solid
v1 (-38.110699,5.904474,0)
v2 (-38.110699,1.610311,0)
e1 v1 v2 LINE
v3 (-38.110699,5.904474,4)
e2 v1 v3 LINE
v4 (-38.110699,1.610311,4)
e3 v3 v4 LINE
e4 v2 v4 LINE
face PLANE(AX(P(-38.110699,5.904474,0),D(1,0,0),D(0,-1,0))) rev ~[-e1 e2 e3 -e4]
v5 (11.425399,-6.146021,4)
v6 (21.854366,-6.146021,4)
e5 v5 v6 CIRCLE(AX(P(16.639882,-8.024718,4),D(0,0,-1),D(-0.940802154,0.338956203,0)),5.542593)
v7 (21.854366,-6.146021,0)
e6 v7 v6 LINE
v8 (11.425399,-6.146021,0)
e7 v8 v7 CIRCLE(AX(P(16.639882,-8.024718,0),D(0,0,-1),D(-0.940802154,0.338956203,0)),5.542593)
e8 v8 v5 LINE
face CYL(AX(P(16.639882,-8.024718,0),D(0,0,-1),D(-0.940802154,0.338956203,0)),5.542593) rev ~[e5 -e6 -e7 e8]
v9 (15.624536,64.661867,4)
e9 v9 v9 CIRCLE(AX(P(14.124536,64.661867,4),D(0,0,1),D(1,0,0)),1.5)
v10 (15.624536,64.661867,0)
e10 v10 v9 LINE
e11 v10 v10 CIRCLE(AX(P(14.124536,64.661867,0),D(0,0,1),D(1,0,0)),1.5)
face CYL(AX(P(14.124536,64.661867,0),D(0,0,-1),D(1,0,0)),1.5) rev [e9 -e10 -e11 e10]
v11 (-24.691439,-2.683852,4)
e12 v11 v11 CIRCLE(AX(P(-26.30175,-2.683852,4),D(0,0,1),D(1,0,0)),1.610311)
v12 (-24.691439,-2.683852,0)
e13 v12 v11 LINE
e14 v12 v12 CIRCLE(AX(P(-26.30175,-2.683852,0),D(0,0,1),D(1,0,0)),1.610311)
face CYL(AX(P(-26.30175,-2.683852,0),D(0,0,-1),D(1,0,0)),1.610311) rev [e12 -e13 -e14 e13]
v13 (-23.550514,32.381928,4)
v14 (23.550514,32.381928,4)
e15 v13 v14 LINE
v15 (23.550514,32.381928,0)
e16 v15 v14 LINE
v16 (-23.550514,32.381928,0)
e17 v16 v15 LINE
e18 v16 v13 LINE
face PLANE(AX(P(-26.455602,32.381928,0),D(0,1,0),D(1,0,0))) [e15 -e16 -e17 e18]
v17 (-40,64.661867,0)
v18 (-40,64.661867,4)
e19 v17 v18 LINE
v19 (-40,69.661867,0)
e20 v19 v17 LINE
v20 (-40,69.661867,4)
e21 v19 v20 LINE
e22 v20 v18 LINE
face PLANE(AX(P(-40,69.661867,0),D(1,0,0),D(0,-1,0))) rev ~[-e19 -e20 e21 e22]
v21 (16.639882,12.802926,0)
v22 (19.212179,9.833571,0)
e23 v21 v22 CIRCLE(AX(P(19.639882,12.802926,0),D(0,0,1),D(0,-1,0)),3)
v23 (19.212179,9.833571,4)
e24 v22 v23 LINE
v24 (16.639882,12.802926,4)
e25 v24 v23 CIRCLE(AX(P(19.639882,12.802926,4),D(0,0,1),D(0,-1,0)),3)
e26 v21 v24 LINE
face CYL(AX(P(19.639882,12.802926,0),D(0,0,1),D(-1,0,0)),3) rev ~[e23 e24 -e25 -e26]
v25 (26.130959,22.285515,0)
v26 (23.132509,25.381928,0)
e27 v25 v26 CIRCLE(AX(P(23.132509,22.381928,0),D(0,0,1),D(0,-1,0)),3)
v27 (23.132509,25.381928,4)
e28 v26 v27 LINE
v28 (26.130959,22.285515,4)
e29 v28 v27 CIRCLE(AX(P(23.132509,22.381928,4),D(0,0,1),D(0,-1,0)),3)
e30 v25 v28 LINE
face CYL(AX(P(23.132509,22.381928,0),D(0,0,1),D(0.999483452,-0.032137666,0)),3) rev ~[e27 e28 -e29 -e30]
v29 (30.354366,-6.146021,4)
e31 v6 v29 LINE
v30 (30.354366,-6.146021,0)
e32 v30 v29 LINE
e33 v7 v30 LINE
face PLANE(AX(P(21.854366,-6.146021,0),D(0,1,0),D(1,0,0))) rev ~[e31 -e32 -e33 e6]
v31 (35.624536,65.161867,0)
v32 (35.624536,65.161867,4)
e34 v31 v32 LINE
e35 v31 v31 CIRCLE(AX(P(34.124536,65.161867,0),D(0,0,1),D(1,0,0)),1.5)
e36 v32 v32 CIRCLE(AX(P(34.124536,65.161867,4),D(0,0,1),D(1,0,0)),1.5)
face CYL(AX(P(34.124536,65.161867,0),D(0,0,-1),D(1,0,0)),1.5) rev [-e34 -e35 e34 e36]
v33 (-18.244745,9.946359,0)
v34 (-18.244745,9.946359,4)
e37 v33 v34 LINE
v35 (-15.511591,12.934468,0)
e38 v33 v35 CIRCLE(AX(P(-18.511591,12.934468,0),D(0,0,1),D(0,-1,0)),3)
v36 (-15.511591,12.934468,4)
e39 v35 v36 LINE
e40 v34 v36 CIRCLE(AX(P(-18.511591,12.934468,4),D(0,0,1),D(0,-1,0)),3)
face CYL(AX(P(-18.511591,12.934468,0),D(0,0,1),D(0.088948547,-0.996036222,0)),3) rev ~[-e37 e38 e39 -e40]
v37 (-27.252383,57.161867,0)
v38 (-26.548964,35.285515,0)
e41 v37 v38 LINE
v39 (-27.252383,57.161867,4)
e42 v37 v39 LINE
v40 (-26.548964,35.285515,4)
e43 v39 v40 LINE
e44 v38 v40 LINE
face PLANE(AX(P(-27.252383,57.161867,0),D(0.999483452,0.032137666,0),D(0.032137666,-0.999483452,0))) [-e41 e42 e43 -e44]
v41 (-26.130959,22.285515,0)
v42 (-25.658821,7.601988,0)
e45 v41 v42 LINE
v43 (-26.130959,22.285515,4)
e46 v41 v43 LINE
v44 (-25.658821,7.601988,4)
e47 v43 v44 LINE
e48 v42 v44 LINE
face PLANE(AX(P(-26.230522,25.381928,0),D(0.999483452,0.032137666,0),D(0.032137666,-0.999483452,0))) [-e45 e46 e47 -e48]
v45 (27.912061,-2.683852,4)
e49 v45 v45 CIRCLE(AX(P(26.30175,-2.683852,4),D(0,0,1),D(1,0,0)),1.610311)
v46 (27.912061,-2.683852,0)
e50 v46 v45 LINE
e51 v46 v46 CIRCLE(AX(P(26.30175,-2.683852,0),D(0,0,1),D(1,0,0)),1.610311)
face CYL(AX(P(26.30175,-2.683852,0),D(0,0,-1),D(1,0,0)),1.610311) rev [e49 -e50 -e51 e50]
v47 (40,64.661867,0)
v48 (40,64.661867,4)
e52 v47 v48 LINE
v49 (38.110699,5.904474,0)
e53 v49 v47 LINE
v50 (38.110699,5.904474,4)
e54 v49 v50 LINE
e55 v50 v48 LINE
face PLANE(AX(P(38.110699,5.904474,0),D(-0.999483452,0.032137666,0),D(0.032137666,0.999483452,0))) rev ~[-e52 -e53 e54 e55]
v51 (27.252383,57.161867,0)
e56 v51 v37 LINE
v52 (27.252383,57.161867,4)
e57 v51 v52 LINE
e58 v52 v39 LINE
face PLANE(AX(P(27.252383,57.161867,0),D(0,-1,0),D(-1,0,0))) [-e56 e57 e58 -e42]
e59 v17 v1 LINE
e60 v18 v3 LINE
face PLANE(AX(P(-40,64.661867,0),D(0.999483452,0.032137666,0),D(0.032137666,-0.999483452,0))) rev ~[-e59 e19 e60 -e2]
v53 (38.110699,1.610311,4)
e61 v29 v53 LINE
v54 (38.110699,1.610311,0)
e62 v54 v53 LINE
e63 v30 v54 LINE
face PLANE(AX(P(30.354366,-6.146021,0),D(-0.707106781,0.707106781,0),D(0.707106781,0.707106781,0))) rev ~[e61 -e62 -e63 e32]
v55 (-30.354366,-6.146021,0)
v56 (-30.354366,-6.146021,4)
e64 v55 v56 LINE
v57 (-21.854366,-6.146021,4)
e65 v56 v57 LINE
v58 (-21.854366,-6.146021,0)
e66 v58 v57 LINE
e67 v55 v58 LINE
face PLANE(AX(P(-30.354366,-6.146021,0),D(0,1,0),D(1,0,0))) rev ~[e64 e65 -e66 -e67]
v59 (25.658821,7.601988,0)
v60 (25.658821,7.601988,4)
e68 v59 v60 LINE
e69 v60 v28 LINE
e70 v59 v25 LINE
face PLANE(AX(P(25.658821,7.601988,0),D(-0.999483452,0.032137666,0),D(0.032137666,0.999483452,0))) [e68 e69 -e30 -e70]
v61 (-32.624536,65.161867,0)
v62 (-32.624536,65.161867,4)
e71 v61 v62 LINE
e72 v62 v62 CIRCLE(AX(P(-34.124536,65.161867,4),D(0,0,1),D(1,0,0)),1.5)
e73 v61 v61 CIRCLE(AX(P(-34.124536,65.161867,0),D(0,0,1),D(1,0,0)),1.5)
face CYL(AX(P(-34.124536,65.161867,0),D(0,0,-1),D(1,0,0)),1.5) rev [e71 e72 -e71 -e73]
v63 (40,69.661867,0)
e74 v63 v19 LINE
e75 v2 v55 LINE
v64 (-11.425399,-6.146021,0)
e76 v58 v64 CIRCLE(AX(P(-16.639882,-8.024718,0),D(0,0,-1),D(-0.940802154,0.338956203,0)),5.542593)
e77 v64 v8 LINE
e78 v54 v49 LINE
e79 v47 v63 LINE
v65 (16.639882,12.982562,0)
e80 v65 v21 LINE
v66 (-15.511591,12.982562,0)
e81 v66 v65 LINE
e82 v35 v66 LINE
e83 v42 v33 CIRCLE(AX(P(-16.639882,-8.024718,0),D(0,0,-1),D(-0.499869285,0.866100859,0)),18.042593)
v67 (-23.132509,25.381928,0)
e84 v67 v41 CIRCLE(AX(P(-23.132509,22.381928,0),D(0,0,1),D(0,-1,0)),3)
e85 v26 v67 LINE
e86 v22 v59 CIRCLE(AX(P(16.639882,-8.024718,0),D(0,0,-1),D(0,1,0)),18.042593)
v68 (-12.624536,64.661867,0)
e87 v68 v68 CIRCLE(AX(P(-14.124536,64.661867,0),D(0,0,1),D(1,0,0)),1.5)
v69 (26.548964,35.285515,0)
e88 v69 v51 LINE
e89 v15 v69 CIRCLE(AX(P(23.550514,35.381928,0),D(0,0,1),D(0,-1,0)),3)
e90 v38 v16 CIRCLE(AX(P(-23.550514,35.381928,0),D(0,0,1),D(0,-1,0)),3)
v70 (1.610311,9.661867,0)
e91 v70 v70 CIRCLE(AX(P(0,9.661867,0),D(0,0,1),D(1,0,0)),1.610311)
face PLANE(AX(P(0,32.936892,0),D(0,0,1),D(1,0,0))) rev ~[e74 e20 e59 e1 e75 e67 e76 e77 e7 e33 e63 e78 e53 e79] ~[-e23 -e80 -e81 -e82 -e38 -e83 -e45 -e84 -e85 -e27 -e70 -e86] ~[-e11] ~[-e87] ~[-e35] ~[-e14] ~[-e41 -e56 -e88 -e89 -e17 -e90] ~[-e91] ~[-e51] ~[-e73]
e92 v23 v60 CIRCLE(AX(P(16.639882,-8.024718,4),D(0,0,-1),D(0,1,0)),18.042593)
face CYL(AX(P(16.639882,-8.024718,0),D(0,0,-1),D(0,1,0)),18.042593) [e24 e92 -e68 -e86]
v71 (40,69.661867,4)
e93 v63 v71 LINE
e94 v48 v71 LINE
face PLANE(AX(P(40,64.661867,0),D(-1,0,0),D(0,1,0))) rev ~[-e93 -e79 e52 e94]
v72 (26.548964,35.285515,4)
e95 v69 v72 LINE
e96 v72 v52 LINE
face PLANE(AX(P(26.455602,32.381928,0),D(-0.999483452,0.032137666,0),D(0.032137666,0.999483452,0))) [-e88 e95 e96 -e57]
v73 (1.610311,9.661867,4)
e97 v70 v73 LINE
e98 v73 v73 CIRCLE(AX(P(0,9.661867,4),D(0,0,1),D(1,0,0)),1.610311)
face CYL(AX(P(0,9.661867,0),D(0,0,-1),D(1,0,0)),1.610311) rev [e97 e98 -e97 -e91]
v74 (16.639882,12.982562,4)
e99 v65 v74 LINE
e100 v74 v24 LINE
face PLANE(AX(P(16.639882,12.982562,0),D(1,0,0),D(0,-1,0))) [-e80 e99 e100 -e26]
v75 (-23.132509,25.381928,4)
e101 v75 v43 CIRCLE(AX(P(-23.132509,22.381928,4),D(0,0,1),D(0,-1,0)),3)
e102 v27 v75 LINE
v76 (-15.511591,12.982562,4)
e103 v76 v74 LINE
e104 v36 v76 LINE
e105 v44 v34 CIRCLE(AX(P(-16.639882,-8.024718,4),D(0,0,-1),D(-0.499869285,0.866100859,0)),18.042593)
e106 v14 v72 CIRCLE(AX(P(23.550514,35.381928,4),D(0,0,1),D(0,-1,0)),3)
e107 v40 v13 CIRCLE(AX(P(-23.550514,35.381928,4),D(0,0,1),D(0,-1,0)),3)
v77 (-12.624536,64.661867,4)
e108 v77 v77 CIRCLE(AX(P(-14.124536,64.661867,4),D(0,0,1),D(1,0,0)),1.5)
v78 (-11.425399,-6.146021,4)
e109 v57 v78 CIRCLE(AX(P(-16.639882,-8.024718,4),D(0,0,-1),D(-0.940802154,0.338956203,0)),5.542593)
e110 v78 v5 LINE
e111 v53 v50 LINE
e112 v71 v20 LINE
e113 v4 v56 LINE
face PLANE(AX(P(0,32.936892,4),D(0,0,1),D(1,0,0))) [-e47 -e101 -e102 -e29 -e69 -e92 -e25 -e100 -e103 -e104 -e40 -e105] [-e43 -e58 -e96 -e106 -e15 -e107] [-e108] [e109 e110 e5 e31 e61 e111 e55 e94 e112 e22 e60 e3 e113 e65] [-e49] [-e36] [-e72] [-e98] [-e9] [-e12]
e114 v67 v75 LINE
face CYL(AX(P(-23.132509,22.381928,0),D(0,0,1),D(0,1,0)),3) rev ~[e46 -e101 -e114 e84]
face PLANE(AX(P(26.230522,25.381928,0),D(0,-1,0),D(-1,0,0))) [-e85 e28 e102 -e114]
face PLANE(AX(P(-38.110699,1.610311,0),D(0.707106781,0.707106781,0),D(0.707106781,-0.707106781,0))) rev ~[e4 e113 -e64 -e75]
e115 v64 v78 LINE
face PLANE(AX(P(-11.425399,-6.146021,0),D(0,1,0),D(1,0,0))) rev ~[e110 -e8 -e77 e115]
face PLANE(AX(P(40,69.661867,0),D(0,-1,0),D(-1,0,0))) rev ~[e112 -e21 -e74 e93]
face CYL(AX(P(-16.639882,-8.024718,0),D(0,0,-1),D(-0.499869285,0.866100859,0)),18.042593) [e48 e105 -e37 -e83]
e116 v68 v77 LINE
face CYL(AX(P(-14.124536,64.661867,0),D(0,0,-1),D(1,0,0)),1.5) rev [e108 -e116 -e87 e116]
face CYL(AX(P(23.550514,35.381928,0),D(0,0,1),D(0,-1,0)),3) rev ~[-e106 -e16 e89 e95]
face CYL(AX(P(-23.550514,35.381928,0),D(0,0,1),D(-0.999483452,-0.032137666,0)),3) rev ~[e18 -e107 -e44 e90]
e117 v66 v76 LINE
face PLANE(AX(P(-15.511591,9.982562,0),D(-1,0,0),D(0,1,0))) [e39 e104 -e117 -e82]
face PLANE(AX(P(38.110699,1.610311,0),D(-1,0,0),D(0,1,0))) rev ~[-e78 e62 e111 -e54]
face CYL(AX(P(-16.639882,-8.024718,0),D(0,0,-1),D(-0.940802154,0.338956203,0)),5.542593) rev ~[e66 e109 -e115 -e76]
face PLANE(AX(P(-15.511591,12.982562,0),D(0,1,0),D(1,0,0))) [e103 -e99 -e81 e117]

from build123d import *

# Parameters (mm, degrees)
SKETCH1_R           = 1.610311209
SKETCH1_R_2         = 1.5
BOSS_EXTRUDE1_DEPTH = 4
FILLET1_R           = 3


with BuildPart() as part:
    # Sketch1 → Boss-Extrude1 (new body)
    with BuildSketch(Plane.XY):
        with BuildLine():
            Line((-38.110698604, 1.610311209), (-30.354366282, -6.146021113))
            Line((-30.354366282, -6.146021113), (-21.854366282, -6.146021113))
            ThreePointArc((-21.854366282, -6.146021113), (-16.639882489, -2.482124138), (-11.425398696, -6.146021113))
            Line((-11.425398696, -6.146021113), (11.425398696, -6.146021113))
            ThreePointArc((11.425398696, -6.146021113), (16.639882489, -2.482124138), (21.854366282, -6.146021113))
            Line((21.854366282, -6.146021113), (30.354366282, -6.146021113))
            Line((30.354366282, -6.146021113), (38.110698604, 1.610311209))
            Line((38.110698604, 1.610311209), (38.110698604, 5.904474432))
            Line((38.110698604, 5.904474432), (40, 64.661867252))
            Line((40, 64.661867252), (40, 69.661867252))
            Line((40, 69.661867252), (-40, 69.661867252))
            Line((-40, 69.661867252), (-40, 64.661867252))
            Line((-40, 64.661867252), (-38.110698604, 5.904474432))
            Line((-38.110698604, 5.904474432), (-38.110698604, 1.610311209))
        make_face()
        with Locations((0, 9.661867252)):
            Circle(SKETCH1_R, mode=Mode.SUBTRACT)
        with Locations((-26.301749741, -2.683852014)):
            Circle(SKETCH1_R, mode=Mode.SUBTRACT)
        with Locations((26.301749741, -2.683852014)):
            Circle(SKETCH1_R, mode=Mode.SUBTRACT)
        with Locations((34.124535685, 65.161867252)):
            Circle(SKETCH1_R_2, mode=Mode.SUBTRACT)
        with Locations((14.124535685, 64.661867252)):
            Circle(SKETCH1_R_2, mode=Mode.SUBTRACT)
        with Locations((-14.124535685, 64.661867252)):
            Circle(SKETCH1_R_2, mode=Mode.SUBTRACT)
        with Locations((-34.124535685, 65.161867252)):
            Circle(SKETCH1_R_2, mode=Mode.SUBTRACT)
        Polygon((-27.252382744, 57.161867252), (-26.45560174, 32.381927681), (26.45560174, 32.381927681), (27.252382744, 57.161867252), align=None, mode=Mode.SUBTRACT)
        with BuildLine():
            Line((25.658820737, 7.60198811), (26.230521812, 25.381927681))
            Line((26.230521812, 25.381927681), (-26.230521812, 25.381927681))
            Line((-26.230521812, 25.381927681), (-25.658820737, 7.60198811))
            ThreePointArc((-25.658820737, 7.60198811), (-20.760848223, 9.540954041), (-15.511590599, 9.98256249))
            Line((-15.511590599, 9.98256249), (-15.511590599, 12.98256249))
            Line((-15.511590599, 12.98256249), (16.639882489, 12.98256249))
            Line((16.639882489, 12.98256249), (16.639882489, 10.017875862))
            ThreePointArc((16.639882489, 10.017875862), (21.308334072, 9.403441757), (25.658820737, 7.60198811))
        make_face(mode=Mode.SUBTRACT)
    extrude(amount=BOSS_EXTRUDE1_DEPTH)

    # Fillet1
    fillet1_edges = [part.edges().sort_by_distance(p)[0] for p in [
        (-26.45560174, 32.381927681, 2),
        (26.45560174, 32.381927681, 2),
        (-26.230521812, 25.381927681, 2),
        (-15.511590599, 9.98256249, 2),
        (16.639882489, 10.017875862, 2),
        (26.230521812, 25.381927681, 2),
    ]]
    fillet(fillet1_edges, radius=FILLET1_R)


solid = part.part
